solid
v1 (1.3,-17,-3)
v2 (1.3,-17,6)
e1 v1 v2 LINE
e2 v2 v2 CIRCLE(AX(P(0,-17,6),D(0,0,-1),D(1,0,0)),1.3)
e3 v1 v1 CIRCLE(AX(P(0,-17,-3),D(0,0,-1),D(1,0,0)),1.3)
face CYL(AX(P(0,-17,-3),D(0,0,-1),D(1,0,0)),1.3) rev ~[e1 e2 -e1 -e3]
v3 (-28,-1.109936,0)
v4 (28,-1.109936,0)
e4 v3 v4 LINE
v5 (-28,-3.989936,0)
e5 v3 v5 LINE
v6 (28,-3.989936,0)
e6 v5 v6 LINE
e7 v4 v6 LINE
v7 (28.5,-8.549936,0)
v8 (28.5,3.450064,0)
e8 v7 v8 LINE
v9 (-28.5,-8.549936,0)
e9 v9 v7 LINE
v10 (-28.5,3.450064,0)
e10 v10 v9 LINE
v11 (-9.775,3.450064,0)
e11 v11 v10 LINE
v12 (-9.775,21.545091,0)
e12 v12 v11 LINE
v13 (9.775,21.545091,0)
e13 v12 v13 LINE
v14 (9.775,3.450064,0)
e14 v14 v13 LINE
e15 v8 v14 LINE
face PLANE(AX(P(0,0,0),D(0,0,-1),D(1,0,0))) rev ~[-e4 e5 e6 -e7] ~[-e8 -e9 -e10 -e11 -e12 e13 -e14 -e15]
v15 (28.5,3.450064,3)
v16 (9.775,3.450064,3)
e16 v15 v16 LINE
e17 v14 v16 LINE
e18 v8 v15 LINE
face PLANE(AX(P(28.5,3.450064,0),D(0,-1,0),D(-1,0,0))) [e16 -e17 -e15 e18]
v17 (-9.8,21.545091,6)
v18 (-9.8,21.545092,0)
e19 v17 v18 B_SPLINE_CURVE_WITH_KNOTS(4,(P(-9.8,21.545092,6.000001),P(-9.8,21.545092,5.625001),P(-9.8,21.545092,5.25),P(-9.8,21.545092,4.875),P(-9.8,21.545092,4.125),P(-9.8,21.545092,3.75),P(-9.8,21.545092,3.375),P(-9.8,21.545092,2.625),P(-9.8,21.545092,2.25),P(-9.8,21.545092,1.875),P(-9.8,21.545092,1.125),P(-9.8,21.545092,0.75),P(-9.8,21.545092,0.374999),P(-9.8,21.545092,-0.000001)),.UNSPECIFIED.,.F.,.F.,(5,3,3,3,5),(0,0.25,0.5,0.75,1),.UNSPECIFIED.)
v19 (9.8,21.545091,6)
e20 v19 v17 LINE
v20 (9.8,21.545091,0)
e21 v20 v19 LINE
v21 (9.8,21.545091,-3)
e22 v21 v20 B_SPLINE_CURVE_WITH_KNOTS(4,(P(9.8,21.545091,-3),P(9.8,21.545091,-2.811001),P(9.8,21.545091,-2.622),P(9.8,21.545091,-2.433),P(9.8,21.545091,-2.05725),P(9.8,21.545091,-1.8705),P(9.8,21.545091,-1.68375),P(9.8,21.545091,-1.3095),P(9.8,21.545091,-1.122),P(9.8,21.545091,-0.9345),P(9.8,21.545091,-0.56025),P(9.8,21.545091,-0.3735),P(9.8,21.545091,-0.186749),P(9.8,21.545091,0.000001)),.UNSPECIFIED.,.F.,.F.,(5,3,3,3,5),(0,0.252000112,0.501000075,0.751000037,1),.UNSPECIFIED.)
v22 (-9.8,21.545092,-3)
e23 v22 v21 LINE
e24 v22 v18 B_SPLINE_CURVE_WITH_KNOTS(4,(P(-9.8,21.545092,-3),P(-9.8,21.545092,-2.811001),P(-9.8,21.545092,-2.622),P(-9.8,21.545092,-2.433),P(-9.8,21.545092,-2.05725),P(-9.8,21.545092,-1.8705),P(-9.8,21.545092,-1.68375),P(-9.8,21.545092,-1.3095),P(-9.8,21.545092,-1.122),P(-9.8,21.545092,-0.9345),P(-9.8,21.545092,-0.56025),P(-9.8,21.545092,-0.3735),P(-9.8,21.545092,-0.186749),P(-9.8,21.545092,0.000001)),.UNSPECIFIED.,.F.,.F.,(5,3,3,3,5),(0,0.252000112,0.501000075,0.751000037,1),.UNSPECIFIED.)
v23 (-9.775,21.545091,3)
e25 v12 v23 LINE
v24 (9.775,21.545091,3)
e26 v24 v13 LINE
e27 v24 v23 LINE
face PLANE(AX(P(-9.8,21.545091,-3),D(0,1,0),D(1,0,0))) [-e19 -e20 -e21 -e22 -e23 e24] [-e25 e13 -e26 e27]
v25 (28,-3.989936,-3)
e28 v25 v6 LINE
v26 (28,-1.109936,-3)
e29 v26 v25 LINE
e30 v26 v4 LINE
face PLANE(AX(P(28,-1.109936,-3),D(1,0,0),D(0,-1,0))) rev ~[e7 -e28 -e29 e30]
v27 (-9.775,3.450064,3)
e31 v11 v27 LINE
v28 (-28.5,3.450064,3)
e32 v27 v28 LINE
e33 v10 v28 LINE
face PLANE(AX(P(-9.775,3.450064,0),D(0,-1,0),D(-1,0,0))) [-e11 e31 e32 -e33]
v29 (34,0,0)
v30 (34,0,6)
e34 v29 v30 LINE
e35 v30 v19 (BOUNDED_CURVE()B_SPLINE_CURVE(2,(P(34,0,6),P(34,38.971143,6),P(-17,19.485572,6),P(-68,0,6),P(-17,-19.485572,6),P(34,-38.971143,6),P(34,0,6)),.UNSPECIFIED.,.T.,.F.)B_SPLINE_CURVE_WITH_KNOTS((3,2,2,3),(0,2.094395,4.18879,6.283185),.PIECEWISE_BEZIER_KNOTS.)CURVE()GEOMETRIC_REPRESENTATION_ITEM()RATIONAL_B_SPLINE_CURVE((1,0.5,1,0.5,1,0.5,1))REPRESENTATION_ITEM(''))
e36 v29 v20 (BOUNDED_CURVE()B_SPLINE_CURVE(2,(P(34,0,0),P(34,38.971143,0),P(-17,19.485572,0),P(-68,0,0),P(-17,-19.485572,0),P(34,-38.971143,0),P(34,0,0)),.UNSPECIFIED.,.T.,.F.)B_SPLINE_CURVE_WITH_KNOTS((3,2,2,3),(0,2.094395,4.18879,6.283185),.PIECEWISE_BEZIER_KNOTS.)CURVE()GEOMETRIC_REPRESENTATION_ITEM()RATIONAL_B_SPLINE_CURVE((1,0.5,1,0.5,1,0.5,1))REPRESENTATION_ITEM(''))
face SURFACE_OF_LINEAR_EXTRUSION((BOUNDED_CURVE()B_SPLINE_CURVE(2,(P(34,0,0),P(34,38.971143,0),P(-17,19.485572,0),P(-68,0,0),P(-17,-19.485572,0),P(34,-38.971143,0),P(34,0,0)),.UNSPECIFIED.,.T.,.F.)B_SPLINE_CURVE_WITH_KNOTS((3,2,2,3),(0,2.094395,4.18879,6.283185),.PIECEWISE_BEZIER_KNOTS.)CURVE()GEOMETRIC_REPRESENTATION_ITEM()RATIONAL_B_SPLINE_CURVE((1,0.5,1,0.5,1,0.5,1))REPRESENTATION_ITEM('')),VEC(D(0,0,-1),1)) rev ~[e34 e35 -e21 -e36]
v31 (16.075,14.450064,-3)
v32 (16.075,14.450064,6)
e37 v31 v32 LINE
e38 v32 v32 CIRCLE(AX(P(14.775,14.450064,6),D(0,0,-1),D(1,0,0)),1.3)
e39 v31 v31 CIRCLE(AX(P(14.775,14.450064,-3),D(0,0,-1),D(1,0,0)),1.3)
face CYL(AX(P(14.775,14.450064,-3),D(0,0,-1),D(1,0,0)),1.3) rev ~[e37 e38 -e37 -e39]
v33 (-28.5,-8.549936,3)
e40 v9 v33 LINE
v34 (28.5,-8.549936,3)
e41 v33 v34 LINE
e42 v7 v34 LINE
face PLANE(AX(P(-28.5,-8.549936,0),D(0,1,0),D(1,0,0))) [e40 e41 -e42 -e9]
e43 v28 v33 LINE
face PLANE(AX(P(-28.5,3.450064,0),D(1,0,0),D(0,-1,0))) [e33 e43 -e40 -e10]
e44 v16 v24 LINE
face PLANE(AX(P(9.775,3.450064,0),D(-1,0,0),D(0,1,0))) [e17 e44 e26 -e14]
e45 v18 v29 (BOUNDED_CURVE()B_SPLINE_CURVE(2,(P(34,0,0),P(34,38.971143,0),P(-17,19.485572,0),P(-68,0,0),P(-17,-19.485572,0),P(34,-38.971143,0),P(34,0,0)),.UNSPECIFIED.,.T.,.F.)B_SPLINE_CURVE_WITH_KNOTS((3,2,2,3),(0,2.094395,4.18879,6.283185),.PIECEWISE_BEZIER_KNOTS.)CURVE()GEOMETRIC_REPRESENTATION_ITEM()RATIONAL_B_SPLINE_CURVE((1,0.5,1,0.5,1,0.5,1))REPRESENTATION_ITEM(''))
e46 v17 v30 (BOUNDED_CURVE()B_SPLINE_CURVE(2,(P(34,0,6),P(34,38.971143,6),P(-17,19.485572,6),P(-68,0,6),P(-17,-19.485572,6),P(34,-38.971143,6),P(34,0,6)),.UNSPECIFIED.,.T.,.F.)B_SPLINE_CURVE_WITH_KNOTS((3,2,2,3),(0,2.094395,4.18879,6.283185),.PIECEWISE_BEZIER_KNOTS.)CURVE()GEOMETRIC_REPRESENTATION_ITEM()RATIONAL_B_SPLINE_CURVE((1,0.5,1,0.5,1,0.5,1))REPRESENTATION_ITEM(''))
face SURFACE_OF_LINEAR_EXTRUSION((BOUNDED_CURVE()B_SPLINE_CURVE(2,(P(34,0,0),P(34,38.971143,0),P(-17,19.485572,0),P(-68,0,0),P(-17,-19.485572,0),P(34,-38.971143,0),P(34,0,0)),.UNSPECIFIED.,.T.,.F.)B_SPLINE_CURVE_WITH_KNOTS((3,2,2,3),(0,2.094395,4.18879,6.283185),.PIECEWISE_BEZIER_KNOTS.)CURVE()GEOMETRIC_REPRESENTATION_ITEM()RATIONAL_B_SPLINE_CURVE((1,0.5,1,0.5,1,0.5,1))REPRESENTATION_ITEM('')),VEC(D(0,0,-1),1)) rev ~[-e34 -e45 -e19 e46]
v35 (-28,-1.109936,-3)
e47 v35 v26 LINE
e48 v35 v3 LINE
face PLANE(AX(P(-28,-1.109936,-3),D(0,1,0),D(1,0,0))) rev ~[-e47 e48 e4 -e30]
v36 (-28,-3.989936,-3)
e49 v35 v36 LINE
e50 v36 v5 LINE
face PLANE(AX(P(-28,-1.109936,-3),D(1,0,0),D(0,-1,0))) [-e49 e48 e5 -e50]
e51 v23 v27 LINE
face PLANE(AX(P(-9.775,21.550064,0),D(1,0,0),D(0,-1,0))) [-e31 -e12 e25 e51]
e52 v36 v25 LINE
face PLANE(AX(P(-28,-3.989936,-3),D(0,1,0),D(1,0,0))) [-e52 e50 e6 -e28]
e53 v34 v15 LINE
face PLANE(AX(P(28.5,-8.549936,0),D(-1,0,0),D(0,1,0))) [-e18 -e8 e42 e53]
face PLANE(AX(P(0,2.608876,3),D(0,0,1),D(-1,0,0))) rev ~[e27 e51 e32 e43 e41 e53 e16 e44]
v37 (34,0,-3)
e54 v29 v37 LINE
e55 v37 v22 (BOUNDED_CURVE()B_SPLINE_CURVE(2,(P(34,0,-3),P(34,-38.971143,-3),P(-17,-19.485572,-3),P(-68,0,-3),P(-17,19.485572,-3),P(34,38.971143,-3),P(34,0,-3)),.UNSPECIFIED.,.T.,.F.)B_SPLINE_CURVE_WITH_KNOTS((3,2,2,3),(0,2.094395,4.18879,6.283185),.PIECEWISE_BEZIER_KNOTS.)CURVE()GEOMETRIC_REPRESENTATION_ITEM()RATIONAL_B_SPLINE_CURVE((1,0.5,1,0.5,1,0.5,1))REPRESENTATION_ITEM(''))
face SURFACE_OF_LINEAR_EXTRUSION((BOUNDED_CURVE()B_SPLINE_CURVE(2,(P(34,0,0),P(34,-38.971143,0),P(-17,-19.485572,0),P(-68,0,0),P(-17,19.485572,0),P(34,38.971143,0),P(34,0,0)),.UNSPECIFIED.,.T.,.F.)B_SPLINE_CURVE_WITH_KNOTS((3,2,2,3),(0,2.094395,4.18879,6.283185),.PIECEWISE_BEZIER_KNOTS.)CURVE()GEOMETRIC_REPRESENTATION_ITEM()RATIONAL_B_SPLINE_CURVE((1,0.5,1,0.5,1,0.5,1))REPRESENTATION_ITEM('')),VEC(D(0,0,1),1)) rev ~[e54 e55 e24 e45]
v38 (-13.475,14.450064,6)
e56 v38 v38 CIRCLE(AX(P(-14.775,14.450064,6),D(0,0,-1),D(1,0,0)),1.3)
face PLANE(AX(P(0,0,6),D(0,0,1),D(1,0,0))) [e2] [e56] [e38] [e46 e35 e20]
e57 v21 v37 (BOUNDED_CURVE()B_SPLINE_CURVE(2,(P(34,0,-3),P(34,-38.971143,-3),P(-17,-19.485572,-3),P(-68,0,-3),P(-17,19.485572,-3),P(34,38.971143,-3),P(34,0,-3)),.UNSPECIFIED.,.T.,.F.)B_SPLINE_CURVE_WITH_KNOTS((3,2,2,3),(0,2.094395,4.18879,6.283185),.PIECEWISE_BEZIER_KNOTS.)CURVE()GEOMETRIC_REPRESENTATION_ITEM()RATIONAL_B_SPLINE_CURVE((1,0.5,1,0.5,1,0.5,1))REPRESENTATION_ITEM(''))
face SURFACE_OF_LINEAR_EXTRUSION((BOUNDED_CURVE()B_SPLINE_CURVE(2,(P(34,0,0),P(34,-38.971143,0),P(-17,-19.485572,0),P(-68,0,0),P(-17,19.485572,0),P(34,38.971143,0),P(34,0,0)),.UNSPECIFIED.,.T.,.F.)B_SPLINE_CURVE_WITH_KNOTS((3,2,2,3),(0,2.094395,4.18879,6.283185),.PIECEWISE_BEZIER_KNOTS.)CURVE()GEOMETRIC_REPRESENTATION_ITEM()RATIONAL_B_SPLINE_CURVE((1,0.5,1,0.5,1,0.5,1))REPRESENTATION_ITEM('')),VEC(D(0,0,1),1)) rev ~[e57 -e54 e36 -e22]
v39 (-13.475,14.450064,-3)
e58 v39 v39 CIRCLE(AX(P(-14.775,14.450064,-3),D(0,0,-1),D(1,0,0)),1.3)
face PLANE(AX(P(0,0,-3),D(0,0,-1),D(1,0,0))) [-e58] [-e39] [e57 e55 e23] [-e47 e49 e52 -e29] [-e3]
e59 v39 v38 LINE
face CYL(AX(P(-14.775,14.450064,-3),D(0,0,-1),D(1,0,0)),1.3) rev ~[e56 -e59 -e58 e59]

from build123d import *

# Parameters (mm, degrees)
PAD_DEPTH       = 6
POCKET_DEPTH    = 3
PAD001_DEPTH    = 3
SKETCH003_W     = 56
SKETCH003_H     = 2.88
POCKET001_DEPTH = 3
SKETCH004_W     = 19.6
SKETCH004_H     = 1
POCKET002_DEPTH = 9.001
SKETCH005_R     = 1.3
POCKET003_DEPTH = 9.001


with BuildPart() as part:
    # Sketch → Pad (new body)
    with BuildSketch(Plane.XY):
        with BuildLine():
            add(Edge.make_bspline(
                [(34, 0), (34, 38.971143), (-17, 19.485572), (-68, 0), (-17, -19.485572), (34, -38.971143), (34, 0)],
                knots=[0, 0, 0, 2.094395, 2.094395, 4.18879, 4.18879, 6.283185, 6.283185, 6.283185], degree=2, weights=[1, 0.5, 1, 0.5, 1, 0.5, 1]))
        make_face()
    extrude(amount=PAD_DEPTH)

    # Sketch001 (on Face2 of Pad) → Pocket (cut)
    with BuildSketch(Plane(origin=(0, 0, 0), x_dir=(1, 0, 0), z_dir=(0, 0, -1))):
        Polygon((9.775, -3.450064), (9.775, -21.550064), (-9.775, -21.550064), (-9.775, -3.450064), (-28.5, -3.450064), (-28.5, 8.549936), (28.5, 8.549936), (28.5, -3.450064), align=None)
    extrude(amount=-POCKET_DEPTH, mode=Mode.SUBTRACT)

    # Sketch002 (on Face2 of Pocket) → Pad001 (join)
    with BuildSketch(Plane(origin=(0, 0, 0), x_dir=(1, 0, 0), z_dir=(0, 0, -1))):
        with BuildLine():
            add(Edge.make_bspline(
                [(34, 0), (34, 38.971143), (-17, 19.485572), (-68, 0), (-17, -19.485572), (34, -38.971143), (34, 0)],
                knots=[0, 0, 0, 2.094395, 2.094395, 4.18879, 4.18879, 6.283185, 6.283185, 6.283185], degree=2, weights=[1, 0.5, 1, 0.5, 1, 0.5, 1]))
        make_face()
    extrude(amount=PAD001_DEPTH)

    # Sketch003 (on Face4 of Pad001) → Pocket001 (cut)
    with BuildSketch(Plane(origin=(0, 0, -3), x_dir=(1, 0, 0), z_dir=(0, 0, -1))):
        with Locations((0, 2.549936)):
            Rectangle(SKETCH003_W, SKETCH003_H)
    extrude(amount=-POCKET001_DEPTH, mode=Mode.SUBTRACT)

    # Sketch004 (on Face4 of Pocket001) → Pocket002 (cut, through all)
    with BuildSketch(Plane(origin=(0, 0, -3), x_dir=(1, 0, 0), z_dir=(0, 0, -1))):
        with Locations((0, -22.045091)):
            Rectangle(SKETCH004_W, SKETCH004_H)
    extrude(amount=-POCKET002_DEPTH, mode=Mode.SUBTRACT)

    # Sketch005 (on Face7 of Pocket002) → Pocket003 (cut, through all)
    with BuildSketch(Plane(origin=(0, 0, -3), x_dir=(1, 0, 0), z_dir=(0, 0, -1))):
        with Locations((-14.775, -14.450064)):
            Circle(SKETCH005_R)
        with Locations((0, 17)):
            Circle(SKETCH005_R)
        with Locations((14.775, -14.450064)):
            Circle(SKETCH005_R)
    extrude(amount=-POCKET003_DEPTH, mode=Mode.SUBTRACT)


solid = part.part
